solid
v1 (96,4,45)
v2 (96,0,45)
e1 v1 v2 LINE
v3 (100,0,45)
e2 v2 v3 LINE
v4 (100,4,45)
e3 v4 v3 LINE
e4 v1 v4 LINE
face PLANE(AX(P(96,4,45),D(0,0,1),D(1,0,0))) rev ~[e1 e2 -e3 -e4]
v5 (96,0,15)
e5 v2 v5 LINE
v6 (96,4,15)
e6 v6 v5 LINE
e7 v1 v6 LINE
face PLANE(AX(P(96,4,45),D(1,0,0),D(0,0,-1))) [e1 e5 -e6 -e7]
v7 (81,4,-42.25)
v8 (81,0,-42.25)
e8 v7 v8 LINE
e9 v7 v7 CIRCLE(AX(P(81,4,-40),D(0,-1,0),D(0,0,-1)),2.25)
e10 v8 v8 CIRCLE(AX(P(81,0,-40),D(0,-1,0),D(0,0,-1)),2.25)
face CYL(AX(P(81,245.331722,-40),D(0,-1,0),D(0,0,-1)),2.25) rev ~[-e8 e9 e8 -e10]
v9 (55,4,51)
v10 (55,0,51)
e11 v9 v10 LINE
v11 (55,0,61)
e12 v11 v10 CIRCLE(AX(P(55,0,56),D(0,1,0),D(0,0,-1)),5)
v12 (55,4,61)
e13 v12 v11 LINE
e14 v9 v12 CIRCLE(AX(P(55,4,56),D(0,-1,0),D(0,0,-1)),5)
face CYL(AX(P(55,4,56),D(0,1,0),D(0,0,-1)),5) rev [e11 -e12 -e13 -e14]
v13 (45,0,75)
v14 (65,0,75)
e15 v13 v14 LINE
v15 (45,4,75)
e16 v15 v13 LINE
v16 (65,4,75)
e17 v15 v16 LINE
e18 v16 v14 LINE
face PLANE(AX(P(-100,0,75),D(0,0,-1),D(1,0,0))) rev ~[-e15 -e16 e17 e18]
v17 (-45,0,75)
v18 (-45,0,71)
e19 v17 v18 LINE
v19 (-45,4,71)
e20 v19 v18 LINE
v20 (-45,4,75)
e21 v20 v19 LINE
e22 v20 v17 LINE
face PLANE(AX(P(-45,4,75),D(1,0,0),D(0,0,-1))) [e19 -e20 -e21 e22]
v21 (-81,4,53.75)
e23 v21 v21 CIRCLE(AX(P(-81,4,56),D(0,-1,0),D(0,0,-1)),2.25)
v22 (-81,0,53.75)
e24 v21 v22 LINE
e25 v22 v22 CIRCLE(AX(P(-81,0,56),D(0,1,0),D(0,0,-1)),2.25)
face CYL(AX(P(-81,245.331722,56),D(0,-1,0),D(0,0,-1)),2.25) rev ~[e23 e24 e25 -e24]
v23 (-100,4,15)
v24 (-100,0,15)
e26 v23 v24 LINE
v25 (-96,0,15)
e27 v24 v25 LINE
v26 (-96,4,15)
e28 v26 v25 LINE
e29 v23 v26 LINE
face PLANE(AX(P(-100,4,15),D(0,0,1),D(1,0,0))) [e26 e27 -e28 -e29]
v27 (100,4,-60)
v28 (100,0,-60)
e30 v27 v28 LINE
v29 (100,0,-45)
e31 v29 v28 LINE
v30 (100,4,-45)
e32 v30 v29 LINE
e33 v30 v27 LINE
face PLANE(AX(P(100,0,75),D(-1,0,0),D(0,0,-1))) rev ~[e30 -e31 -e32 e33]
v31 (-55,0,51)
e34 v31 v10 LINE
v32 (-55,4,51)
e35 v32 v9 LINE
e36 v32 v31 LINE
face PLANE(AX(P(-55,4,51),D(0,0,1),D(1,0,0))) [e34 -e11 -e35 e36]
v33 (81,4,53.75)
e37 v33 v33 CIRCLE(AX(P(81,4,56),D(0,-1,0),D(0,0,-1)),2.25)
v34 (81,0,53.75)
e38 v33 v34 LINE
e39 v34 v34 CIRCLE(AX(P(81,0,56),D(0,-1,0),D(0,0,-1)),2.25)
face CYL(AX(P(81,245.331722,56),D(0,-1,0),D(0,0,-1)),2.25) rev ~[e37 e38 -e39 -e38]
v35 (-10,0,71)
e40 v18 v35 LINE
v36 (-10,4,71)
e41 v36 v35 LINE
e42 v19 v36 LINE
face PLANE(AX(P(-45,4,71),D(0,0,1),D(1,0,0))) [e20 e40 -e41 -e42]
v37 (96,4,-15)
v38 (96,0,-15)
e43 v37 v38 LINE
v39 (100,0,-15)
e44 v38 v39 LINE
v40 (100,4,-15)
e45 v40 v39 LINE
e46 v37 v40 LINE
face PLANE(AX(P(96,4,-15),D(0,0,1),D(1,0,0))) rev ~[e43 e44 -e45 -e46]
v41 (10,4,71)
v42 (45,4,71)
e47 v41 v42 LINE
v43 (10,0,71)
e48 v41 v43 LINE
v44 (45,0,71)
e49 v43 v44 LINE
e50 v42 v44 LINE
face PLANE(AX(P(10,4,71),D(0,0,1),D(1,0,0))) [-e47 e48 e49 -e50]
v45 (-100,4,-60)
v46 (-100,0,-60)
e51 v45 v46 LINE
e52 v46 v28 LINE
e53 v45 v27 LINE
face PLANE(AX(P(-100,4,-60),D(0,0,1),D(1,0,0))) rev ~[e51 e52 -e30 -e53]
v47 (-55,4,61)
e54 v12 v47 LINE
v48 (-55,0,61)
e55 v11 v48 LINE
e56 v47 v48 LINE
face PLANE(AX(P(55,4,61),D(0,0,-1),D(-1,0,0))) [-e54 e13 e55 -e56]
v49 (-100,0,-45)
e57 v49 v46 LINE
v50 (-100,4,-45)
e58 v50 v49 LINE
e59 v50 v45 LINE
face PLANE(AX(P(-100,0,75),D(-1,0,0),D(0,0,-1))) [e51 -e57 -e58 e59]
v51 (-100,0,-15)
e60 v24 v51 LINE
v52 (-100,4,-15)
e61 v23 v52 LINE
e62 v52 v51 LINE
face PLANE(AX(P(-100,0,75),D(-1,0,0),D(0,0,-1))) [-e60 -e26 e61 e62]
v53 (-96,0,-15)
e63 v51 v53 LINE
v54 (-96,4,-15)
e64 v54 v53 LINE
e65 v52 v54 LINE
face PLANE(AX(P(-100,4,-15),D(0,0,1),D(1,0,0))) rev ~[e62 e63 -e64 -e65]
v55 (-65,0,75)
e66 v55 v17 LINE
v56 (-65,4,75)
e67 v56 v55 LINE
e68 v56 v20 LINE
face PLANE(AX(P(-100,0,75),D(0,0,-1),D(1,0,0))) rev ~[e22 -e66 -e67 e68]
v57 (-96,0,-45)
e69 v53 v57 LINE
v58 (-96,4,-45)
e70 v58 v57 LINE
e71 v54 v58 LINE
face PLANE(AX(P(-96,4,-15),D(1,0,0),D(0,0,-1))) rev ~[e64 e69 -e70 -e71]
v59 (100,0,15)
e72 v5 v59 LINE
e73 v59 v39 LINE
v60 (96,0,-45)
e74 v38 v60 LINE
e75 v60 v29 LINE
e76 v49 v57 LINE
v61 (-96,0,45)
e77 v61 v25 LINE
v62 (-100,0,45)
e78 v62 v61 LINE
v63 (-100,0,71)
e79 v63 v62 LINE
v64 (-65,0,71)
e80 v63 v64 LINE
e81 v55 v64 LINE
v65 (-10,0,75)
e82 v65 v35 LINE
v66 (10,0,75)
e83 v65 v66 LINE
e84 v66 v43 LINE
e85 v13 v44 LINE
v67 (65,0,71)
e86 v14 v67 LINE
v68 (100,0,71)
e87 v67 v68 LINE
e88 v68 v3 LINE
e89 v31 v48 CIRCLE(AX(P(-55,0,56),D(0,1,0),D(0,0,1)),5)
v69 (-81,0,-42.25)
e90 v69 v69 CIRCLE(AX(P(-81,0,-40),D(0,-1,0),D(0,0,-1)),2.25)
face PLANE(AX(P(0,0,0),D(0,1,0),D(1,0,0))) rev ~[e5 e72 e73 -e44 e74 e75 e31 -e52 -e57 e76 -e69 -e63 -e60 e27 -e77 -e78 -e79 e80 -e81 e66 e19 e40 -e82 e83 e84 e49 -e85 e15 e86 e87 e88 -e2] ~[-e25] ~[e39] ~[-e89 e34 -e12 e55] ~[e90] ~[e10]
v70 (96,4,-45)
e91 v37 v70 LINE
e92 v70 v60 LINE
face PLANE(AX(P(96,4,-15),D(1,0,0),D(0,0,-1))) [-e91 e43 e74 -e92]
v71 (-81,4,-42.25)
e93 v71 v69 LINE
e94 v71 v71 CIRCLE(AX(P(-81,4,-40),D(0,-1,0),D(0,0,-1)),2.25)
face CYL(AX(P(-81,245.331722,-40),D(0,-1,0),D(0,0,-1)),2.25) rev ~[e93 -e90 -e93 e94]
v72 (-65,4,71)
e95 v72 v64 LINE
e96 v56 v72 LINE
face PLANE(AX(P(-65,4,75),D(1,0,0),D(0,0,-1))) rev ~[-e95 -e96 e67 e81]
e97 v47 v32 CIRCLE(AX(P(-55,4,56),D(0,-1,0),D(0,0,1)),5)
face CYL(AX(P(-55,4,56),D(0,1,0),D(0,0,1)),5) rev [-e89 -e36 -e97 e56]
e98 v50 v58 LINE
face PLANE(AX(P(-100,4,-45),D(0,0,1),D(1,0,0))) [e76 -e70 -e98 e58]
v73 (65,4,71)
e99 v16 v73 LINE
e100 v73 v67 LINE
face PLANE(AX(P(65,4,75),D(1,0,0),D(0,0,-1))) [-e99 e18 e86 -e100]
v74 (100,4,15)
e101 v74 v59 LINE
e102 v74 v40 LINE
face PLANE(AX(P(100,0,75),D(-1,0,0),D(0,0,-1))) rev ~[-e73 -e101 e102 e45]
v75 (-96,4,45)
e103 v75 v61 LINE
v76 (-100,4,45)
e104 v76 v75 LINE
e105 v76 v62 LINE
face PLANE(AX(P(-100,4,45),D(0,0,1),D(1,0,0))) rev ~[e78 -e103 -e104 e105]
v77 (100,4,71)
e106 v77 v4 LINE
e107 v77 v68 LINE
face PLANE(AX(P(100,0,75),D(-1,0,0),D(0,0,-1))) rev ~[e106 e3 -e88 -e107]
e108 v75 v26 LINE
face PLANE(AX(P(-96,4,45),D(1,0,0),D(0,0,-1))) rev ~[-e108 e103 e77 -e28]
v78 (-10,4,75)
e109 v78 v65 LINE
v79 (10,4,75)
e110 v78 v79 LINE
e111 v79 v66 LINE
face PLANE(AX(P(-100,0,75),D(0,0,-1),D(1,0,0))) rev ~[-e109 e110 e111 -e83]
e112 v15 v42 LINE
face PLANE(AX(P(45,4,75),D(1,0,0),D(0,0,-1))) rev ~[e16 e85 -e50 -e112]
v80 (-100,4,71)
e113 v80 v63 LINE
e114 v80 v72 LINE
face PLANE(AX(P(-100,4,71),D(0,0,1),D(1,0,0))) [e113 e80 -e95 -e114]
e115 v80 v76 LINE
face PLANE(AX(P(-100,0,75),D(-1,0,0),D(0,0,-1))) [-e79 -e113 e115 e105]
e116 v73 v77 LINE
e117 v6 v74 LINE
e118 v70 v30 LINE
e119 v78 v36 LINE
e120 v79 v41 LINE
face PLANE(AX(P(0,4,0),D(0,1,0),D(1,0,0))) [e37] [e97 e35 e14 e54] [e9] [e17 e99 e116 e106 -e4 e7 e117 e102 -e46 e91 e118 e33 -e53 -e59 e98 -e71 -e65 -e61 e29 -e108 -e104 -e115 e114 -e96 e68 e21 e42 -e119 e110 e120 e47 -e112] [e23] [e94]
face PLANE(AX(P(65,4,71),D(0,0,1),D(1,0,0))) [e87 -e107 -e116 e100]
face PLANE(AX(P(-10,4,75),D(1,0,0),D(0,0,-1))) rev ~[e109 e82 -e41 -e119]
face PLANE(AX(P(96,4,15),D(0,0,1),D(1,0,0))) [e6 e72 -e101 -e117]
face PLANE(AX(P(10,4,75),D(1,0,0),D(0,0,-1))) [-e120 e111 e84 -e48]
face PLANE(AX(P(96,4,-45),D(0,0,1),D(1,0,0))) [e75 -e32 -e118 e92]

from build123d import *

# Parameters (mm, degrees)
ESBO_O1_W                               = 200
ESBO_O1_H                               = 150
RESSALTO_EXTRUS_O1_DEPTH                = 4
ESBO_O2_W                               = 35
ESBO_O2_H                               = 4
ESBO_O2_W_2                             = 4
ESBO_O2_H_2                             = 30
CORTE_EXTRUS_O1_DEPTH                   = 5
ESBO_O3_W                               = 200
ESBO_O3_H                               = 15
CORTE_EXTRUS_O2_DEPTH                   = 5
BROCA_DE_ROSQUEAR_PARA_TARRAXA_DE_M41_D = 4.5
ESBO_O5_R                               = 2.25
CORTE_EXTRUS_O3_DEPTH                   = 5


with BuildPart() as part:
    # Esboço1 → Ressalto-extrusão1 (new body)
    with BuildSketch(Plane(origin=(0, 0, 0), x_dir=(1, 0, 0), z_dir=(0, 1, 0))):
        Rectangle(ESBO_O1_W, ESBO_O1_H)
    extrude(amount=RESSALTO_EXTRUS_O1_DEPTH)

    # Esboço2 → Corte-extrusão1 (cut, through all)
    with BuildSketch(Plane(origin=(0, 4, 0), x_dir=(1, 0, 0), z_dir=(0, 1, 0))):
        with Locations((-27.5, -73)):
            Rectangle(ESBO_O2_W, ESBO_O2_H)
        with Locations((27.5, -73)):
            Rectangle(ESBO_O2_W, ESBO_O2_H)
        with Locations((82.5, -73)):
            Rectangle(ESBO_O2_W, ESBO_O2_H)
        with Locations((-82.5, -73)):
            Rectangle(ESBO_O2_W, ESBO_O2_H)
        with Locations((98, 30)):
            Rectangle(ESBO_O2_W_2, ESBO_O2_H_2)
        with Locations((98, -30)):
            Rectangle(ESBO_O2_W_2, ESBO_O2_H_2)
        with Locations((-98, 30)):
            Rectangle(ESBO_O2_W_2, ESBO_O2_H_2)
        with Locations((-98, -30)):
            Rectangle(ESBO_O2_W_2, ESBO_O2_H_2)
    extrude(amount=-CORTE_EXTRUS_O1_DEPTH, mode=Mode.SUBTRACT)

    # Esboço3 → Corte-extrusão2 (cut, through all)
    with BuildSketch(Plane(origin=(0, 4, 0), x_dir=(1, 0, 0), z_dir=(0, 1, 0))):
        with Locations((0, 67.5)):
            Rectangle(ESBO_O3_W, ESBO_O3_H)
    extrude(amount=-CORTE_EXTRUS_O2_DEPTH, mode=Mode.SUBTRACT)

    # Broca de rosquear para tarraxa de M41 (through all)
    with Locations(Plane(origin=(-81, 4, -40), x_dir=(0, 0, 1), z_dir=(0, 1, 0))):
        with Locations((0, 0), (96, 0), (96, 162), (0, 162)):
            Hole(BROCA_DE_ROSQUEAR_PARA_TARRAXA_DE_M41_D / 2)

    # Esboço5 → Corte-extrusão3 (cut, through all)
    with BuildSketch(Plane(origin=(0, 4, 0), x_dir=(1, 0, 0), z_dir=(0, 1, 0))):
        with Locations((-81, -56)):
            Circle(ESBO_O5_R)
        with BuildLine():
            Line((55, -61), (-55, -61))
            ThreePointArc((-55, -61), (-60, -56), (-55, -51))
            Line((-55, -51), (55, -51))
            ThreePointArc((55, -51), (60, -56), (55, -61))
        make_face()
    extrude(amount=-CORTE_EXTRUS_O3_DEPTH, mode=Mode.SUBTRACT)


solid = part.part
